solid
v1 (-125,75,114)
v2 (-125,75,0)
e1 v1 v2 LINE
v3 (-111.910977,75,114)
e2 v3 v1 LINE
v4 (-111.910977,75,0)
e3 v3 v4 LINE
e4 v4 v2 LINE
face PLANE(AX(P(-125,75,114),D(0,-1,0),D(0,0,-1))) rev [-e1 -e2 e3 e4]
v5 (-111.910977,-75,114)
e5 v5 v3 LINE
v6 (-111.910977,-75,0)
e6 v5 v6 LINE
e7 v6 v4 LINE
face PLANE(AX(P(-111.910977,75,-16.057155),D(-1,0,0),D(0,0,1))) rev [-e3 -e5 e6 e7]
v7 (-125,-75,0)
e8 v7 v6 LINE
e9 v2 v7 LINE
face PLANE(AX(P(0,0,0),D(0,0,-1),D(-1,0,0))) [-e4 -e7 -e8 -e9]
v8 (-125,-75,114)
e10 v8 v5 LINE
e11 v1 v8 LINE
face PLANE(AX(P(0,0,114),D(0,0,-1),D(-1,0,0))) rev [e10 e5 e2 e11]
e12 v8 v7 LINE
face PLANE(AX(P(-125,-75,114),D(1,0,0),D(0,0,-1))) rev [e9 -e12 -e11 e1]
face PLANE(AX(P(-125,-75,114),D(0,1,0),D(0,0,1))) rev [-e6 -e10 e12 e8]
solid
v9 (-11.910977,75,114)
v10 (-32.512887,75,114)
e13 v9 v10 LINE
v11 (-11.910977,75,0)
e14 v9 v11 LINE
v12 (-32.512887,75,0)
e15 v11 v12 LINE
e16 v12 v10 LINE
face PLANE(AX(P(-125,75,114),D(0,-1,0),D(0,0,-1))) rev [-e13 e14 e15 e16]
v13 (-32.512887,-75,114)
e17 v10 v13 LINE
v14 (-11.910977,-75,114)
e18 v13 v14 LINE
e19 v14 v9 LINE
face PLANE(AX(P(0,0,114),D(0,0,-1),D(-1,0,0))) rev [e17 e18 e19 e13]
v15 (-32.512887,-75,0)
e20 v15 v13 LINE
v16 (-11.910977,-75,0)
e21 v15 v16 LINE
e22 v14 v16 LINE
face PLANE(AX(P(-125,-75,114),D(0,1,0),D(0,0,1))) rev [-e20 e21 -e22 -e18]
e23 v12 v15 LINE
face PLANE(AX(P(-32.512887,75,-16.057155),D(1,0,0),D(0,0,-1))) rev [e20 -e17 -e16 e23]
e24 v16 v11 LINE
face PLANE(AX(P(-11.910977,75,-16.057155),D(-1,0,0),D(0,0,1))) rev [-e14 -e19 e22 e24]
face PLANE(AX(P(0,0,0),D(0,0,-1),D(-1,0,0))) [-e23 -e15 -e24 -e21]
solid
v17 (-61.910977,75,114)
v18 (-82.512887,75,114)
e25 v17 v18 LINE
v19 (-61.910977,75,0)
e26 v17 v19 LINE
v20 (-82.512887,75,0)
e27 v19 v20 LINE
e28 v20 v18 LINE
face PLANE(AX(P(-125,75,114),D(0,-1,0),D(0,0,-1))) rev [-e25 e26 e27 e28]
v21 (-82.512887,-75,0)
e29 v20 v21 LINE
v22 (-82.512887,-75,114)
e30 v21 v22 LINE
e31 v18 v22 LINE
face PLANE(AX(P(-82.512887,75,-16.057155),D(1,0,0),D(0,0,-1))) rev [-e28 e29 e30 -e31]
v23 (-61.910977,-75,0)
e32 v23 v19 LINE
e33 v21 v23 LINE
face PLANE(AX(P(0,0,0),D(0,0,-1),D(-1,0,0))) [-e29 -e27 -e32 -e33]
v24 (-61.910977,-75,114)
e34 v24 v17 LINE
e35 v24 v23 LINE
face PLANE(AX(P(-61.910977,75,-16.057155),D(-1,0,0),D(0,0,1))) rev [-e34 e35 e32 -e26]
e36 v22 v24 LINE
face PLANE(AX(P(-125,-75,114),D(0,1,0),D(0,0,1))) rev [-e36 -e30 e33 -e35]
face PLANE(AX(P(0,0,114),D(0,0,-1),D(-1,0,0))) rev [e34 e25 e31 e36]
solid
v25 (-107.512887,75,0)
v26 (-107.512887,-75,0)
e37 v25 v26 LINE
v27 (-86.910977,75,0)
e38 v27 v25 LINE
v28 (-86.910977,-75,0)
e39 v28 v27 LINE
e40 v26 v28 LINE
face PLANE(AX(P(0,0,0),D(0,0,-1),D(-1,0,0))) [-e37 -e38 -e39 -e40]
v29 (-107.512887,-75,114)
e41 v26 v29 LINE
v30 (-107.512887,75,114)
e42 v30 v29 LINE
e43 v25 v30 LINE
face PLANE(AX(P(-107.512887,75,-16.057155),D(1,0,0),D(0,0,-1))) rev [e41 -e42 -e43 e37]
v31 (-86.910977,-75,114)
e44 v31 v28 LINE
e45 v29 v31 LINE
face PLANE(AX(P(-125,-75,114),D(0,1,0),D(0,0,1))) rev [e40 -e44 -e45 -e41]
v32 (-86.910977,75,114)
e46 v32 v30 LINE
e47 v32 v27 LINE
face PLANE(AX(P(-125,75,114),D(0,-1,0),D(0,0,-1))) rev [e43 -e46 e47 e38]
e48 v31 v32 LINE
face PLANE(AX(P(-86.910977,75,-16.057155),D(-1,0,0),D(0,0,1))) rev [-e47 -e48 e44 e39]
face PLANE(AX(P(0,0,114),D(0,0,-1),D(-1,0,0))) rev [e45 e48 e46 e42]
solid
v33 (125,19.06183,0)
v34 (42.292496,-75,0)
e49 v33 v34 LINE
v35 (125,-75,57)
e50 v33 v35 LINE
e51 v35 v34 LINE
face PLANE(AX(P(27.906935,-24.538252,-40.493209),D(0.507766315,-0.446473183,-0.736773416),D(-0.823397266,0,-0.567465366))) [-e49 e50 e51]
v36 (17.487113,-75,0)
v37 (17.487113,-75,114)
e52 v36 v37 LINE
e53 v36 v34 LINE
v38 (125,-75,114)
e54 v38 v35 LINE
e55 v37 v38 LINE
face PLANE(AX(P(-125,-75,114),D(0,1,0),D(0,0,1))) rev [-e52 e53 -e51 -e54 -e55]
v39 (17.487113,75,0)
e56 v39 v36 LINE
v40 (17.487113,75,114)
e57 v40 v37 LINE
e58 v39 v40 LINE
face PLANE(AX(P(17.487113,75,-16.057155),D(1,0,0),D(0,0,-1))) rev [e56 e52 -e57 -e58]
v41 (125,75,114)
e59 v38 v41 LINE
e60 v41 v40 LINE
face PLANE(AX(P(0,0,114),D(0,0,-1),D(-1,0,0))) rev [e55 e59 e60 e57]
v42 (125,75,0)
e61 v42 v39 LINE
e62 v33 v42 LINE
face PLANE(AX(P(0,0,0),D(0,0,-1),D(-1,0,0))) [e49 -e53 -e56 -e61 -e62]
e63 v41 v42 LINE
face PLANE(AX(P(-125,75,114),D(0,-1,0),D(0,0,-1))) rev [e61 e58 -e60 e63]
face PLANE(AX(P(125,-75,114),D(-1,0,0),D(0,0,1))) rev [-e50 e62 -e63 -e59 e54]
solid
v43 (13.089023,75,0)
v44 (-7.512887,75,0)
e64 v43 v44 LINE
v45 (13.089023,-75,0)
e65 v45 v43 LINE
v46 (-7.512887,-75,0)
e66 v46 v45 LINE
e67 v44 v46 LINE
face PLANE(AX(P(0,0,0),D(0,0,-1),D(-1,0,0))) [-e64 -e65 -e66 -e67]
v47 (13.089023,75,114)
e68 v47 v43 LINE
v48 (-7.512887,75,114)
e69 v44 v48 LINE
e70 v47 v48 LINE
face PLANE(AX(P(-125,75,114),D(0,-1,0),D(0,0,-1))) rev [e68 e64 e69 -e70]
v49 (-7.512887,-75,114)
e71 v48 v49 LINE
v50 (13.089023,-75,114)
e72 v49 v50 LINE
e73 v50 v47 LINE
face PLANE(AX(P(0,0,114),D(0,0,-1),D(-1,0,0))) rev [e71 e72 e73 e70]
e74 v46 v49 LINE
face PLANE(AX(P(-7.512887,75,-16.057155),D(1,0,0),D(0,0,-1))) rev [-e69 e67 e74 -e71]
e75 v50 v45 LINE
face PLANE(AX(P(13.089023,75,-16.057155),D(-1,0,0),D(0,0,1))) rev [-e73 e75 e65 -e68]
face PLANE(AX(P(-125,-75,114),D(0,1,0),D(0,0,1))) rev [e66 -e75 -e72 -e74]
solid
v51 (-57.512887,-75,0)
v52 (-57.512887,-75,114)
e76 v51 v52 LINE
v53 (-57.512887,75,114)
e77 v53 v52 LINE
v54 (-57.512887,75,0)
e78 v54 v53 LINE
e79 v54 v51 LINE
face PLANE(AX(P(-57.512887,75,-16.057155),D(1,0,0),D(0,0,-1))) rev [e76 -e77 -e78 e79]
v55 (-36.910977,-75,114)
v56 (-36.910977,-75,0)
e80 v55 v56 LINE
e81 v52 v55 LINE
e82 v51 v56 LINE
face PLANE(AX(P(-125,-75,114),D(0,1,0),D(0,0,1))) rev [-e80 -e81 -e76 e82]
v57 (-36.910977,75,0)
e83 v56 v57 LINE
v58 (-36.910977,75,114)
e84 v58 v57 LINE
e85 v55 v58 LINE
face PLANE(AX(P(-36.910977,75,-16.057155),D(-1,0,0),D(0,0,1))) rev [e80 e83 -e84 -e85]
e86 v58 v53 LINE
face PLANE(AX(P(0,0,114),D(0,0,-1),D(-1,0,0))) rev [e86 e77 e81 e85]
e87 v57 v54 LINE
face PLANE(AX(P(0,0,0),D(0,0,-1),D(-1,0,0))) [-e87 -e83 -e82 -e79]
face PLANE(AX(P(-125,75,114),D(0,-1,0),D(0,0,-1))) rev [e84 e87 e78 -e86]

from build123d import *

# Parameters (mm, degrees)
SKETCH1_W           = 250
SKETCH1_H           = 150
BOSS_EXTRUDE1_DEPTH = 114
SKETCH4_W           = 158.825989779
SKETCH4_H           = 169.09880145
CUT_EXTRUDE1_DEPTH  = 114
SKETCH5_W           = 4.398089603
SKETCH5_H           = 146.602986765
CUT_EXTRUDE2_DEPTH  = 227.099535603
LPATTERN1_COUNT     = 6
LPATTERN1_PITCH     = 25


with BuildPart() as part:
    # Sketch1 → Boss-Extrude1 (new body)
    with BuildSketch(Plane.XY):
        Rectangle(SKETCH1_W, SKETCH1_H)
    extrude(amount=BOSS_EXTRUDE1_DEPTH)

    # Sketch4 → Cut-Extrude1 (cut)
    with BuildSketch(Plane(origin=(27.906934923, -24.538252492, -40.49320945), x_dir=(0.8614948455361232, 0.2631519435385569, 0.4342553231988889), z_dir=(-0.5077663154588844, 0.4464731827403718, 0.7367734156299286))):
        with Locations((63.082324951, -59.282681283)):
            Rectangle(SKETCH4_W, SKETCH4_H)
    extrude(amount=-CUT_EXTRUDE1_DEPTH, mode=Mode.SUBTRACT)

    # Sketch5 → Cut-Extrude2 (cut, through all)
    with BuildSketch(Plane.XZ.offset(75)):
        with Locations((-109.711931847, 57.244338312)):
            Rectangle(SKETCH5_W, SKETCH5_H)
    cut_extrude2 = extrude(amount=-CUT_EXTRUDE2_DEPTH, mode=Mode.SUBTRACT)


with BuildPart() as cut_extrude2_piece_1:
    # of the separate pieces the step leaves, piece 1, a body of its own (cut_extrude2_pieces)
    add(part.part.solids().sort_by_distance((-107.512887045, -75, 0))[0])

    # LPattern1: Cut-Extrude2 ×6
    with Locations(*[(i * LPATTERN1_PITCH, 0, 0) for i in range(1, LPATTERN1_COUNT)]):
        add(cut_extrude2, mode=Mode.SUBTRACT)


with BuildPart() as cut_extrude2_piece_2:
    # of the separate pieces the step leaves, piece 2, a body of its own (cut_extrude2_pieces)
    add(part.part.solids().sort_by_distance((-125, -75, 0))[0])


solid = Compound([cut_extrude2_piece_1.part, cut_extrude2_piece_2.part])
